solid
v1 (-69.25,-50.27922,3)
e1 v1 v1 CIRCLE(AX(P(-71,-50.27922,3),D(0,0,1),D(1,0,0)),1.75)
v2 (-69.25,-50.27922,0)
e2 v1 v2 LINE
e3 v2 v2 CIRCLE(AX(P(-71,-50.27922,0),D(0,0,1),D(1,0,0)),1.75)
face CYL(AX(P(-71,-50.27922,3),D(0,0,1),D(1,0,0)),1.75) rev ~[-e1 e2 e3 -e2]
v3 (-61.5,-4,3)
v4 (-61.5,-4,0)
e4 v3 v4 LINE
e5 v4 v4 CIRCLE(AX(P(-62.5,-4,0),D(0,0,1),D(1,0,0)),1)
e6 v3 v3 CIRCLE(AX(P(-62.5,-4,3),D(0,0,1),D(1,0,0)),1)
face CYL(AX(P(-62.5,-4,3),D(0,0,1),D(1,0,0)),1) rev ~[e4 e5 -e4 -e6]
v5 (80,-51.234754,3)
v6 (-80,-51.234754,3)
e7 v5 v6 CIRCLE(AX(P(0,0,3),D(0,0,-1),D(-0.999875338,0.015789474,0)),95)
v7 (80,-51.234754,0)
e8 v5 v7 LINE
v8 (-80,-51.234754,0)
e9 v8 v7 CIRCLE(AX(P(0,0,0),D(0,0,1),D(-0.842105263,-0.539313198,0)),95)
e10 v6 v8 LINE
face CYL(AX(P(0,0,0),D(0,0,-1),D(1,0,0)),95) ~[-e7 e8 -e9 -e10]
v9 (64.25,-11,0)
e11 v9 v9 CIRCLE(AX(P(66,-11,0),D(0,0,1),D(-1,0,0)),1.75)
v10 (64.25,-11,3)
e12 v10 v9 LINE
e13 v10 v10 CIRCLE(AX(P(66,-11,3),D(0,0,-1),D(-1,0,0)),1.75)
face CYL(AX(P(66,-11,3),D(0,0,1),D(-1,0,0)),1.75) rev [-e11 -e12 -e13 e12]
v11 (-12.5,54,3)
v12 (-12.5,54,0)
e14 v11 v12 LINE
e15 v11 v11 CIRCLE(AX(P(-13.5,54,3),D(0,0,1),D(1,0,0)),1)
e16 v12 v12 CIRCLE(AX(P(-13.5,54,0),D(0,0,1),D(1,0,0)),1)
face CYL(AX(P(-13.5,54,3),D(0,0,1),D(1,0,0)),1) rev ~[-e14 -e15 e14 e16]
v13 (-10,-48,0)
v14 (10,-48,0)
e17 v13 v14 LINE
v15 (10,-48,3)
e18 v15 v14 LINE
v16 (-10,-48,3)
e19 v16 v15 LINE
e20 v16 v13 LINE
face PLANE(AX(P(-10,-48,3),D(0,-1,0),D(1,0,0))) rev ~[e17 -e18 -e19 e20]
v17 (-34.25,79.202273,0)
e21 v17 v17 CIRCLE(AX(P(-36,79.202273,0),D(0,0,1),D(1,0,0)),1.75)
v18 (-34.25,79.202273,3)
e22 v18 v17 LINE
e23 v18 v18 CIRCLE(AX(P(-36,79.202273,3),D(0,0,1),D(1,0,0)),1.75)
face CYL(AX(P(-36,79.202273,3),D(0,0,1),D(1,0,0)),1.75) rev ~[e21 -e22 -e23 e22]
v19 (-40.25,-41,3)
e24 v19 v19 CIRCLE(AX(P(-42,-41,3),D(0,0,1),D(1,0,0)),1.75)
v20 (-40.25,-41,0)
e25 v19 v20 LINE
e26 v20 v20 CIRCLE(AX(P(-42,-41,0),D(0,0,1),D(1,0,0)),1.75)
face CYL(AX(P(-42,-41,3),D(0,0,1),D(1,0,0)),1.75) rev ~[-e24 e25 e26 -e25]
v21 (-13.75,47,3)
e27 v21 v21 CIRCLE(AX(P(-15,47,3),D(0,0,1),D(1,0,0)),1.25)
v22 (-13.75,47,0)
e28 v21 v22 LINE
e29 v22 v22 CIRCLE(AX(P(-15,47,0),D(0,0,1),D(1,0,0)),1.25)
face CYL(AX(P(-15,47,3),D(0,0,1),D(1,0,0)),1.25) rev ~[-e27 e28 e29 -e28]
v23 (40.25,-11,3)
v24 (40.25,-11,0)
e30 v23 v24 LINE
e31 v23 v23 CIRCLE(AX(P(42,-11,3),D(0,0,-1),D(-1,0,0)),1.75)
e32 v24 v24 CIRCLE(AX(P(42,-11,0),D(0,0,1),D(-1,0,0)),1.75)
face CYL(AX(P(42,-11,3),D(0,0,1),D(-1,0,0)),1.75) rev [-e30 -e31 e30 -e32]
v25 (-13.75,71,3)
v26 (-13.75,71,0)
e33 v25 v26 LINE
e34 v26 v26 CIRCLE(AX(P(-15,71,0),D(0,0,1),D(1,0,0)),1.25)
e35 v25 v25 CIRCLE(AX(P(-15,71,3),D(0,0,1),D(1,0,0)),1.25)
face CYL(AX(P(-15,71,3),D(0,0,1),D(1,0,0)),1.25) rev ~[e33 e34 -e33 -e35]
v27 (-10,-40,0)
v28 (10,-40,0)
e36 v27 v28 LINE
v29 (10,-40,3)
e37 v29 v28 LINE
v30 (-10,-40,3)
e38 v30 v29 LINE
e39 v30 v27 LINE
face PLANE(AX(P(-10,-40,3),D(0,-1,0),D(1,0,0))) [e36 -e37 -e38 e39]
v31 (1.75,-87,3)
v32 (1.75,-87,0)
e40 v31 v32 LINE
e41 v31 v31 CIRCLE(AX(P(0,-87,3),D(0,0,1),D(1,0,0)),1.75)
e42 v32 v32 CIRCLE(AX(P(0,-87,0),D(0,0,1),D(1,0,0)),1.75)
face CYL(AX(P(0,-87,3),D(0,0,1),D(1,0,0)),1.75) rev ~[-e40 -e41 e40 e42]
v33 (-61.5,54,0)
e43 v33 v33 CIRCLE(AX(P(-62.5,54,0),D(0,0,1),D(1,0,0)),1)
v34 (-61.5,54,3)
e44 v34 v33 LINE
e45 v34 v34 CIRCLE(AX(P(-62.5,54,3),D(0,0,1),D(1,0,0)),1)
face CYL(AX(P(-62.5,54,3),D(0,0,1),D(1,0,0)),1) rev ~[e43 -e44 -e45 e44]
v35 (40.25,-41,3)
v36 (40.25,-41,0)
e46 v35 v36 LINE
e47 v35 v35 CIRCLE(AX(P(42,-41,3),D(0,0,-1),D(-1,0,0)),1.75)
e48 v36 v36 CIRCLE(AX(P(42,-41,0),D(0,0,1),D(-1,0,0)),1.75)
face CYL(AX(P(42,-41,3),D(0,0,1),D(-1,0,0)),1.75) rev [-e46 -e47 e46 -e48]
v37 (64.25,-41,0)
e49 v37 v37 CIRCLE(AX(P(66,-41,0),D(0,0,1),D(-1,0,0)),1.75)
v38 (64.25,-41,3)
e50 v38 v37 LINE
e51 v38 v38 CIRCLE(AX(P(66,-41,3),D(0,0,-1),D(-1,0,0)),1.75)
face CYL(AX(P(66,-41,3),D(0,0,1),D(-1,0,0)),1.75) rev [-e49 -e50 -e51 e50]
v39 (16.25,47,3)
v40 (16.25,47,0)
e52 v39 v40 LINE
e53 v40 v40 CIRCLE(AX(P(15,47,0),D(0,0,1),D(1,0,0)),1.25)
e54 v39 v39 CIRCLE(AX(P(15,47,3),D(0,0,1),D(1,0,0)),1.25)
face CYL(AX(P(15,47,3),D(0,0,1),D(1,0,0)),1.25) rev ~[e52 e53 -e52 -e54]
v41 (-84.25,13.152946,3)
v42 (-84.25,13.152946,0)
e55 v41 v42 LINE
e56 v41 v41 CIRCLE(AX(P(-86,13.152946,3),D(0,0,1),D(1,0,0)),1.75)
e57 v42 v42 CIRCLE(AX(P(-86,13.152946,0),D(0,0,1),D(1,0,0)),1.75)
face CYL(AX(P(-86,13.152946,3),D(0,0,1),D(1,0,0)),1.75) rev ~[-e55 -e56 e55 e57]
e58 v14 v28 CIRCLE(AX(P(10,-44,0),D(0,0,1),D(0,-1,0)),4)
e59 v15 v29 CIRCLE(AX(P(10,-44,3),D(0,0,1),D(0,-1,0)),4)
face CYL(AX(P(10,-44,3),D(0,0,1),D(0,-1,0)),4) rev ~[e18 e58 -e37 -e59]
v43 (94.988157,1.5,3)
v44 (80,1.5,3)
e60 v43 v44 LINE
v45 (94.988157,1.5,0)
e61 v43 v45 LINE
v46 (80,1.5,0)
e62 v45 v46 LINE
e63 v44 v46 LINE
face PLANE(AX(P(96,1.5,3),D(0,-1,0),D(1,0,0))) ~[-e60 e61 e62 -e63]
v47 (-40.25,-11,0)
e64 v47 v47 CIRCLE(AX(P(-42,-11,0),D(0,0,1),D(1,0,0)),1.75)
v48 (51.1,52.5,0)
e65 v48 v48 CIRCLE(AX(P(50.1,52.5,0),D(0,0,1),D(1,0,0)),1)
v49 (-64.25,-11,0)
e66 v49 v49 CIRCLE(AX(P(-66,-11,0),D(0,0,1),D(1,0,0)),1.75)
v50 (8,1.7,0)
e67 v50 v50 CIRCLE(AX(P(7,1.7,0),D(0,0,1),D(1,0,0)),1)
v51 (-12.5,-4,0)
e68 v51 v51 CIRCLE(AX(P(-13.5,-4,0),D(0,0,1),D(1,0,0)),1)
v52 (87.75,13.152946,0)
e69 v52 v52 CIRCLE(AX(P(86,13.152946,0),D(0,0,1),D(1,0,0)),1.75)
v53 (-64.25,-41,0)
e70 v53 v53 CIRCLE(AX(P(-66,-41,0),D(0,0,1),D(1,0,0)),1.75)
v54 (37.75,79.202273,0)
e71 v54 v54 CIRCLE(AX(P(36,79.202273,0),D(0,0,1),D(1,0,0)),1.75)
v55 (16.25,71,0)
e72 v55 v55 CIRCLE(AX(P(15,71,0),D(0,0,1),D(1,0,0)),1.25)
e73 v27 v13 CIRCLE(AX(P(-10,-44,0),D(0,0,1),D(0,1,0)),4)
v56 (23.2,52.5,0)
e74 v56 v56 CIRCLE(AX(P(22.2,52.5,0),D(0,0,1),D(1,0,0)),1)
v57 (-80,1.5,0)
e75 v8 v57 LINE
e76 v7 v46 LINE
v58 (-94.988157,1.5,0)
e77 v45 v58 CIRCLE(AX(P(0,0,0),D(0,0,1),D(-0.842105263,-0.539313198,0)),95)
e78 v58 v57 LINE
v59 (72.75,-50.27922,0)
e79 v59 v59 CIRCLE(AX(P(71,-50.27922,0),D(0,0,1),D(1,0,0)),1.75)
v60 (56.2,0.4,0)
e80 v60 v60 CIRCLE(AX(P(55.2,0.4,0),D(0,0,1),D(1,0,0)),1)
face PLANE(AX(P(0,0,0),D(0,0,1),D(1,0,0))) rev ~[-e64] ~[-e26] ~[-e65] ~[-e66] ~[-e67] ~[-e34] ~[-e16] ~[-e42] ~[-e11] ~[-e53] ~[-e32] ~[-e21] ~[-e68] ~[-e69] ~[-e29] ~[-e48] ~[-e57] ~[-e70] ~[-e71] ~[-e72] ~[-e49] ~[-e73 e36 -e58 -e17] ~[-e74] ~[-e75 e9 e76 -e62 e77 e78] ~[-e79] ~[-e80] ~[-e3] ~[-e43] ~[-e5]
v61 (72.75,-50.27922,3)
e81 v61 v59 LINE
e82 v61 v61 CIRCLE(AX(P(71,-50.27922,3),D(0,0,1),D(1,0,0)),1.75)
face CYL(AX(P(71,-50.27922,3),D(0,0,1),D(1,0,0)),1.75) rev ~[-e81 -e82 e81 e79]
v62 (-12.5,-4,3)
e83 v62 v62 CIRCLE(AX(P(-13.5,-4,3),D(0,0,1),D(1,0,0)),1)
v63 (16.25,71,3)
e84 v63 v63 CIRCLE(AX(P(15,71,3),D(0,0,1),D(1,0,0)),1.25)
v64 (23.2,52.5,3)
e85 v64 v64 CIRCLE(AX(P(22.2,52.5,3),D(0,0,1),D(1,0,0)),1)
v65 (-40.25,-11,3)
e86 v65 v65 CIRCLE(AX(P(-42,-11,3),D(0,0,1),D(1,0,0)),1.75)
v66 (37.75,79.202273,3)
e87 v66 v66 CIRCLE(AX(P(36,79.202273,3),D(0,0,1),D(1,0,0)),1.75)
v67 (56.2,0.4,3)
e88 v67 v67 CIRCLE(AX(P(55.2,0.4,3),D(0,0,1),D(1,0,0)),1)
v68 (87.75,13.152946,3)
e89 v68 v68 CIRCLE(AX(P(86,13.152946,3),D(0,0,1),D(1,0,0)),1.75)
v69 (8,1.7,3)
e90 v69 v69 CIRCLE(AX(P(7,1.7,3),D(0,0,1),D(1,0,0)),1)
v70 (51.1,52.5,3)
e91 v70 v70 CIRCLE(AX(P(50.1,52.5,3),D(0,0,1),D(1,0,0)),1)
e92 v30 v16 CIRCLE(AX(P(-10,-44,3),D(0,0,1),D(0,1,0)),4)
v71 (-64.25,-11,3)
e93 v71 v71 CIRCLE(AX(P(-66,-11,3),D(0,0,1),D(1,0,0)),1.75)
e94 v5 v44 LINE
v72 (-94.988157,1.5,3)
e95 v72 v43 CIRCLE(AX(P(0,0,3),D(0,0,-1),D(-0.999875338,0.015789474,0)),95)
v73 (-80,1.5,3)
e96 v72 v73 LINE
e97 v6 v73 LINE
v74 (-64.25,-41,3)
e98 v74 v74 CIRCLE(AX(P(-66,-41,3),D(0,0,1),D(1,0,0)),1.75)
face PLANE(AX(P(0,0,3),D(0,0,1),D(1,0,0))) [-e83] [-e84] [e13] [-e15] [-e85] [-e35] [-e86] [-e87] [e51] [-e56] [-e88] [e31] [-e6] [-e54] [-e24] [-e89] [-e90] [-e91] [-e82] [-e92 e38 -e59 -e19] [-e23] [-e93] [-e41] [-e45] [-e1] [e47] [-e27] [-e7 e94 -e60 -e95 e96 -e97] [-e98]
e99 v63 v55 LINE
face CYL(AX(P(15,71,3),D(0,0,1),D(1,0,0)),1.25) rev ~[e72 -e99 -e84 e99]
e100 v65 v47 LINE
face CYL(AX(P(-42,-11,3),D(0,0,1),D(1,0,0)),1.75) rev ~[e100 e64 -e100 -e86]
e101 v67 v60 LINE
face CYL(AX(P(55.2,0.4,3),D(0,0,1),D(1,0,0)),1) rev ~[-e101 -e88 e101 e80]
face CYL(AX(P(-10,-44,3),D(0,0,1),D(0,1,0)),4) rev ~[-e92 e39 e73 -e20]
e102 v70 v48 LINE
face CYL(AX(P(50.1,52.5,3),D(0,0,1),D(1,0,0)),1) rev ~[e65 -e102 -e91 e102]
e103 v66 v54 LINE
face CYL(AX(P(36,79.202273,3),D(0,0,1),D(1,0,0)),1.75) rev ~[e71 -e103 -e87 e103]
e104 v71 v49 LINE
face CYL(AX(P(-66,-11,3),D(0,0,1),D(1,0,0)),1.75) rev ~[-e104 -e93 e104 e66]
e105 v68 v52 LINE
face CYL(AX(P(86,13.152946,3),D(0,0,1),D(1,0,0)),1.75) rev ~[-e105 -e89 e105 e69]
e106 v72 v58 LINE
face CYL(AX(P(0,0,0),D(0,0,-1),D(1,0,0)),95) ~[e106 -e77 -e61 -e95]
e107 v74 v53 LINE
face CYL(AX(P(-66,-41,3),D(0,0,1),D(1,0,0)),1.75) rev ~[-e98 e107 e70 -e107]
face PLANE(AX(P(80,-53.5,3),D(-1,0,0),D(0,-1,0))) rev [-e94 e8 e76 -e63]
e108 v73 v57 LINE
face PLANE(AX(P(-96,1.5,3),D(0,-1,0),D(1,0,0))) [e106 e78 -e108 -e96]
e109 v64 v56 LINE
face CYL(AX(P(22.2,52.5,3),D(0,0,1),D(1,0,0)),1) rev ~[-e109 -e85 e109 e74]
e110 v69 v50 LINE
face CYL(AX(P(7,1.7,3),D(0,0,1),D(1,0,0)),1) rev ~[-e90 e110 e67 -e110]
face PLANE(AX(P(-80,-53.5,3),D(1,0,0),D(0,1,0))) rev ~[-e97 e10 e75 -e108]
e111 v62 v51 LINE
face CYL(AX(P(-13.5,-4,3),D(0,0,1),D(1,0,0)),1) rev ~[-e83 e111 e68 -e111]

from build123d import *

# Parameters (mm, degrees)
SKETCH_R        = 95
PAD_DEPTH       = 3
SKETCH001_R     = 1.25
POCKET_DEPTH    = 3.001
SKETCH002_R     = 1.75
SKETCH002_W     = 16
SKETCH002_H     = 55
POCKET001_DEPTH = 540.435647
SKETCH003_R     = 1.75
POCKET002_DEPTH = 3.001
SKETCH004_R     = 1
POCKET003_DEPTH = 3.001


with BuildPart() as part:
    # Sketch → Pad (new body)
    with BuildSketch(Plane.XY):
        Circle(SKETCH_R)
    extrude(amount=PAD_DEPTH)

    # Sketch001 (on Face3 of Pad) → Pocket (cut, through all)
    with BuildSketch(Plane.XY.offset(3)):
        with Locations((-15, 71)):
            Circle(SKETCH001_R)
        with Locations((15, 71)):
            Circle(SKETCH001_R)
        with Locations((15, 47)):
            Circle(SKETCH001_R)
        with Locations((-15, 47)):
            Circle(SKETCH001_R)
    extrude(amount=-POCKET_DEPTH, mode=Mode.SUBTRACT)

    # Sketch002 (on Face3 of Pocket) → Pocket001 (cut, through all)
    with BuildSketch(Plane.XY.offset(3)):
        with Locations((-66, -11)):
            Circle(SKETCH002_R)
        with Locations((-42, -11)):
            Circle(SKETCH002_R)
        with Locations((-66, -41)):
            Circle(SKETCH002_R)
        with Locations((-42, -41)):
            Circle(SKETCH002_R)
        with Locations((-88, -26)):
            Rectangle(SKETCH002_W, SKETCH002_H)
    pocket001 = extrude(amount=-POCKET001_DEPTH, mode=Mode.SUBTRACT)

    # Mirrored: Pocket001 across YZ
    add(pocket001.mirror(Plane.YZ), mode=Mode.SUBTRACT)

    # Sketch003 (on Face4 of Mirrored) → Pocket002 (cut, through all)
    with BuildSketch(Plane.XY.offset(3)):
        with Locations((-36, 79.202273)):
            Circle(SKETCH003_R)
        with Locations((36, 79.202273)):
            Circle(SKETCH003_R)
        with Locations((-71, -50.27922)):
            Circle(SKETCH003_R)
        with Locations((71, -50.27922)):
            Circle(SKETCH003_R)
        with Locations((-86, 13.152946)):
            Circle(SKETCH003_R)
        with Locations((86, 13.152946)):
            Circle(SKETCH003_R)
        with Locations((0, -87)):
            Circle(SKETCH003_R)
    extrude(amount=-POCKET002_DEPTH, mode=Mode.SUBTRACT)

    # Sketch004 (on Face4 of Pocket002) → Pocket003 (cut, through all)
    with BuildSketch(Plane.XY.offset(3)):
        with Locations((-62.5, -4)):
            Circle(SKETCH004_R)
        with Locations((-62.5, 54)):
            Circle(SKETCH004_R)
        with Locations((-13.5, 54)):
            Circle(SKETCH004_R)
        with Locations((-13.5, -4)):
            Circle(SKETCH004_R)
        with Locations((22.2, 52.5)):
            Circle(SKETCH004_R)
        with Locations((7, 1.7)):
            Circle(SKETCH004_R)
        with Locations((55.2, 0.4)):
            Circle(SKETCH004_R)
        with Locations((50.1, 52.5)):
            Circle(SKETCH004_R)
        with BuildLine():
            ThreePointArc((-10, -40), (-14, -44), (-10, -48))
            Line((-10, -48), (10, -48))
            ThreePointArc((10, -48), (14, -44), (10, -40))
            Line((-10, -40), (10, -40))
        make_face()
    extrude(amount=-POCKET003_DEPTH, mode=Mode.SUBTRACT)


solid = part.part
